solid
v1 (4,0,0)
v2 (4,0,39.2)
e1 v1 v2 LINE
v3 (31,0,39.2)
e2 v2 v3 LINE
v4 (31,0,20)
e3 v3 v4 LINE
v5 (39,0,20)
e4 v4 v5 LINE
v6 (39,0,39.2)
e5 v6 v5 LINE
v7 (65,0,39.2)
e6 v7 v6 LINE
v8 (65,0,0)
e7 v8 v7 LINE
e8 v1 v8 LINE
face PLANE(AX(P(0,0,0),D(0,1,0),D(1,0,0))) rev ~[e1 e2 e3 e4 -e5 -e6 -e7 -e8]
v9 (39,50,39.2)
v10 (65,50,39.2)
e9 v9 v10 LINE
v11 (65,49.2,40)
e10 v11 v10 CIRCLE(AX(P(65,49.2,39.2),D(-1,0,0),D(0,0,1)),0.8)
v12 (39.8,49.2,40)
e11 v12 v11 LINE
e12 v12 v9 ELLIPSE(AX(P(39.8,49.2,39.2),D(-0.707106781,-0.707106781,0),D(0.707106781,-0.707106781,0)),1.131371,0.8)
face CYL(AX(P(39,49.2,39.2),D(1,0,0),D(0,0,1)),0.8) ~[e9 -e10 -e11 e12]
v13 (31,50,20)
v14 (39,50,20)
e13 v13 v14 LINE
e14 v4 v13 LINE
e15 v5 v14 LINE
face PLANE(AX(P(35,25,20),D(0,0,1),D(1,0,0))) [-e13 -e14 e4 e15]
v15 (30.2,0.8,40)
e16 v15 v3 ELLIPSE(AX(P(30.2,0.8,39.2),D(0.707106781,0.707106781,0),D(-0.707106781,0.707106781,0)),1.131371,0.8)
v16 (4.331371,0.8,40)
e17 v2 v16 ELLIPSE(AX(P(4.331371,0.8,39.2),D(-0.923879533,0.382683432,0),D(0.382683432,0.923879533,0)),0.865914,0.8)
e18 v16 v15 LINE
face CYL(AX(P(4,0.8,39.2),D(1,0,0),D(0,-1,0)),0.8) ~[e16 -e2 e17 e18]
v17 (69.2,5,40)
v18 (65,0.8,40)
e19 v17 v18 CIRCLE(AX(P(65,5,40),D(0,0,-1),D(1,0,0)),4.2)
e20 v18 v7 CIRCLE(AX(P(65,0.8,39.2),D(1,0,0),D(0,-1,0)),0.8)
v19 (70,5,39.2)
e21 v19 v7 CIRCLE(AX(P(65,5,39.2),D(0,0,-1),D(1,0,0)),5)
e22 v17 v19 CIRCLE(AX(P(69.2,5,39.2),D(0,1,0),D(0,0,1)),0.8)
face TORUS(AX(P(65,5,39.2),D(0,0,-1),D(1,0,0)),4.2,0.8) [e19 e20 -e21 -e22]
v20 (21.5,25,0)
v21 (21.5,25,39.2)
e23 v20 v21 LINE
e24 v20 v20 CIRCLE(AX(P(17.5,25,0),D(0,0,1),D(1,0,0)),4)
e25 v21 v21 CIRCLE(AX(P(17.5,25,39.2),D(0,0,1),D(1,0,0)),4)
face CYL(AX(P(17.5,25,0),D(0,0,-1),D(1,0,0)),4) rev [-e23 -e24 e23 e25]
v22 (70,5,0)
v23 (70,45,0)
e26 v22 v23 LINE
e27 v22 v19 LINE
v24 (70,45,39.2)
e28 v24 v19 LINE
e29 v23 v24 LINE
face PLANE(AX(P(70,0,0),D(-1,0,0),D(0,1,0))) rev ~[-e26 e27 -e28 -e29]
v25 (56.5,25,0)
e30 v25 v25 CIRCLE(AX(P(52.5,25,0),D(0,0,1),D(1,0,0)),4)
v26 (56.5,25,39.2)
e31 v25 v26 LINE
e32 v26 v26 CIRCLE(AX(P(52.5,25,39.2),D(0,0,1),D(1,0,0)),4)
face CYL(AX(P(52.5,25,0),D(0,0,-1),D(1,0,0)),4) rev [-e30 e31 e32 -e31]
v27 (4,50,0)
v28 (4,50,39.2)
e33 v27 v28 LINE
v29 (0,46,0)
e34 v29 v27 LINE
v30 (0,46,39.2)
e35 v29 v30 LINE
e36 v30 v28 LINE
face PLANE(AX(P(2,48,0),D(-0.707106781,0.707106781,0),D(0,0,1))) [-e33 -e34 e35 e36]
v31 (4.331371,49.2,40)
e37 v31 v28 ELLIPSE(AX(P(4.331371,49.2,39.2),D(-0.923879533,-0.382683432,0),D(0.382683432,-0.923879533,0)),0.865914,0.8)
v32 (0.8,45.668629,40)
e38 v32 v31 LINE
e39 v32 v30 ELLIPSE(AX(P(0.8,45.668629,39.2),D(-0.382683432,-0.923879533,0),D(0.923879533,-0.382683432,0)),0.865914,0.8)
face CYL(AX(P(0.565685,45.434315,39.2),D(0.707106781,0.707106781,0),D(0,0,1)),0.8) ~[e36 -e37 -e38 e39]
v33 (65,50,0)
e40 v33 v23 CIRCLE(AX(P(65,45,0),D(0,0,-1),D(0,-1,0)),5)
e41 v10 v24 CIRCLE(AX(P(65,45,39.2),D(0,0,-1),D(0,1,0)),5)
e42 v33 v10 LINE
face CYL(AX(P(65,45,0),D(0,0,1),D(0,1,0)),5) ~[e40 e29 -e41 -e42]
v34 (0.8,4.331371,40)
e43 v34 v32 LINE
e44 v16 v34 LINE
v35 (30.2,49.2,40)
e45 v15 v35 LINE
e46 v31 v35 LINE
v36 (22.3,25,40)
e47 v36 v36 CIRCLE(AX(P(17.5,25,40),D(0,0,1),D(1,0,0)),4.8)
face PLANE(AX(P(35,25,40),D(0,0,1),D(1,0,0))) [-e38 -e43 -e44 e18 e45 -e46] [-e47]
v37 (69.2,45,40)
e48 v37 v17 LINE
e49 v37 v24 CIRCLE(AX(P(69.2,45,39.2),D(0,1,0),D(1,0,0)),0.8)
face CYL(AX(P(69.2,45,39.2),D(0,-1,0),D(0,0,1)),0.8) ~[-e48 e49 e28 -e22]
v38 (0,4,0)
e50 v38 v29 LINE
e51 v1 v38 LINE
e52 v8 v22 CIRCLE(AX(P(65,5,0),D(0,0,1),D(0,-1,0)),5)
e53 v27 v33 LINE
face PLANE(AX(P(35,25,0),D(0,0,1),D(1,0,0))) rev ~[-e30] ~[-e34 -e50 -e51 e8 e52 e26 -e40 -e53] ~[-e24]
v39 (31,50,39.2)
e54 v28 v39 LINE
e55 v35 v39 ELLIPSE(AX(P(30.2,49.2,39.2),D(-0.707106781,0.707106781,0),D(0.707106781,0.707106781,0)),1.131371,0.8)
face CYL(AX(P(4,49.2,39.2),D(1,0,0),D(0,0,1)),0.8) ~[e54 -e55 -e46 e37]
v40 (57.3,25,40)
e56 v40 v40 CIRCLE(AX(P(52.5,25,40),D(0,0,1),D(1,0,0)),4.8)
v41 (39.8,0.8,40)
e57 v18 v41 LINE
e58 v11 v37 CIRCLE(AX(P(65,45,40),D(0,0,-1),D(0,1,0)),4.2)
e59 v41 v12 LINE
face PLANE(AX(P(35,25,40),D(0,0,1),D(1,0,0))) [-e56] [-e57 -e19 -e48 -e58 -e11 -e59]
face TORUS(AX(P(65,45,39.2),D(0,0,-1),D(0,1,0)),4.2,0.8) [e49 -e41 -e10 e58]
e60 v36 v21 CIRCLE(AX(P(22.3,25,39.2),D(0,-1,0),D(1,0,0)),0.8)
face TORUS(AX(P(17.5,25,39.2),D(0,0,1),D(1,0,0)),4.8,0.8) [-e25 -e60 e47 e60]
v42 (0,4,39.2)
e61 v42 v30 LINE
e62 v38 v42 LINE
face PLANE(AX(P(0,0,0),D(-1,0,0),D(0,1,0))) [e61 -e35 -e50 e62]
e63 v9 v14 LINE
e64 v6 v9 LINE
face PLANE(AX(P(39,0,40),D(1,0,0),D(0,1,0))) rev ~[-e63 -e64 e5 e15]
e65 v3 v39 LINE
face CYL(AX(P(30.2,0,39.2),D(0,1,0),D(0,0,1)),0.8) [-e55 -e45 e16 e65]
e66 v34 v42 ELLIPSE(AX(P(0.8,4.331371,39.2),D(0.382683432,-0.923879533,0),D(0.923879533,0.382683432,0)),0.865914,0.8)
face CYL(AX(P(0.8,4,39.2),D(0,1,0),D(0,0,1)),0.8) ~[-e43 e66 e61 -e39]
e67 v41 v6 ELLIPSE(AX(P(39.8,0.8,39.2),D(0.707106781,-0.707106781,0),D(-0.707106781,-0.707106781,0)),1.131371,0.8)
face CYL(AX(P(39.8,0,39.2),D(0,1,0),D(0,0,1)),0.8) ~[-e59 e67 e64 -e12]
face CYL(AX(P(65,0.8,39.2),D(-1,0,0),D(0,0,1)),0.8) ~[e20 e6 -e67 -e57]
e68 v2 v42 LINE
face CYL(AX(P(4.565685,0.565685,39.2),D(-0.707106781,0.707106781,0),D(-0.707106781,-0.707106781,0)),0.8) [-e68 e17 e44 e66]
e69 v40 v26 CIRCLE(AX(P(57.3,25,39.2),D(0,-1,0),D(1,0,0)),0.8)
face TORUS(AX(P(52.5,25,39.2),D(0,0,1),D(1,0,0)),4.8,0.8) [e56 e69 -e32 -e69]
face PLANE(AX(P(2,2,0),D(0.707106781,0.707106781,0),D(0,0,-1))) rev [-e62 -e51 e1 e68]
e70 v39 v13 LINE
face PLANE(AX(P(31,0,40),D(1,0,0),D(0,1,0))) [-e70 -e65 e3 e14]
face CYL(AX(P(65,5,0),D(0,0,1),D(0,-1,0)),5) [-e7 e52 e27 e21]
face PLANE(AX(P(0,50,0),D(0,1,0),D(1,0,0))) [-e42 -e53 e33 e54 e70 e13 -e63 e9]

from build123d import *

# Parameters (mm, degrees)
SKETCH_W     = 70
SKETCH_H     = 50
SKETCH_R     = 4
PAD_DEPTH    = 40
SKETCH001_W  = 8
SKETCH001_H  = 50
POCKET_DEPTH = 20
FILLET_R     = 5
CHAMFER_SIZE = 4
FILLET001_R  = 0.8
FILLET002_R  = 0.8


with BuildPart() as part:
    # Sketch → Pad (new body)
    with BuildSketch(Plane.XY):
        with Locations((35, 25)):
            Rectangle(SKETCH_W, SKETCH_H)
        with Locations((17.5, 25)):
            Circle(SKETCH_R, mode=Mode.SUBTRACT)
        with Locations((52.5, 25)):
            Circle(SKETCH_R, mode=Mode.SUBTRACT)
    extrude(amount=PAD_DEPTH)

    # Sketch001 (on Face8 of Pad) → Pocket (cut)
    with BuildSketch(Plane.XY.offset(40)):
        with Locations((35, 25)):
            Rectangle(SKETCH001_W, SKETCH001_H)
    extrude(amount=-POCKET_DEPTH, mode=Mode.SUBTRACT)

    # Fillet
    fillet_edges = [part.edges().sort_by_distance(p)[0] for p in [
        (70, 0, 20),
        (70, 50, 20),
    ]]
    fillet(fillet_edges, radius=FILLET_R)

    # Chamfer
    chamfer_edges = [part.edges().sort_by_distance(p)[0] for p in [
        (0, 50, 20),
        (0, 0, 20),
    ]]
    chamfer(chamfer_edges, length=CHAMFER_SIZE)

    # Fillet001
    fillet001_edges = [part.edges().sort_by_distance(p)[0] for p in [
        (52, 50, 40),
        (68.535534, 48.535534, 40),
        (39, 25, 40),
        (70, 25, 40),
        (52, 0, 40),
        (68.535534, 1.464466, 40),
        (48.5, 25, 40),
    ]]
    fillet(fillet001_edges, radius=FILLET001_R)

    # Fillet002
    fillet002_edges = [part.edges().sort_by_distance(p)[0] for p in [
        (17.5, 50, 40),
        (2, 48, 40),
        (31, 25, 40),
        (0, 25, 40),
        (17.5, 0, 40),
        (2, 2, 40),
        (13.5, 25, 40),
    ]]
    fillet(fillet002_edges, radius=FILLET002_R)


solid = part.part
